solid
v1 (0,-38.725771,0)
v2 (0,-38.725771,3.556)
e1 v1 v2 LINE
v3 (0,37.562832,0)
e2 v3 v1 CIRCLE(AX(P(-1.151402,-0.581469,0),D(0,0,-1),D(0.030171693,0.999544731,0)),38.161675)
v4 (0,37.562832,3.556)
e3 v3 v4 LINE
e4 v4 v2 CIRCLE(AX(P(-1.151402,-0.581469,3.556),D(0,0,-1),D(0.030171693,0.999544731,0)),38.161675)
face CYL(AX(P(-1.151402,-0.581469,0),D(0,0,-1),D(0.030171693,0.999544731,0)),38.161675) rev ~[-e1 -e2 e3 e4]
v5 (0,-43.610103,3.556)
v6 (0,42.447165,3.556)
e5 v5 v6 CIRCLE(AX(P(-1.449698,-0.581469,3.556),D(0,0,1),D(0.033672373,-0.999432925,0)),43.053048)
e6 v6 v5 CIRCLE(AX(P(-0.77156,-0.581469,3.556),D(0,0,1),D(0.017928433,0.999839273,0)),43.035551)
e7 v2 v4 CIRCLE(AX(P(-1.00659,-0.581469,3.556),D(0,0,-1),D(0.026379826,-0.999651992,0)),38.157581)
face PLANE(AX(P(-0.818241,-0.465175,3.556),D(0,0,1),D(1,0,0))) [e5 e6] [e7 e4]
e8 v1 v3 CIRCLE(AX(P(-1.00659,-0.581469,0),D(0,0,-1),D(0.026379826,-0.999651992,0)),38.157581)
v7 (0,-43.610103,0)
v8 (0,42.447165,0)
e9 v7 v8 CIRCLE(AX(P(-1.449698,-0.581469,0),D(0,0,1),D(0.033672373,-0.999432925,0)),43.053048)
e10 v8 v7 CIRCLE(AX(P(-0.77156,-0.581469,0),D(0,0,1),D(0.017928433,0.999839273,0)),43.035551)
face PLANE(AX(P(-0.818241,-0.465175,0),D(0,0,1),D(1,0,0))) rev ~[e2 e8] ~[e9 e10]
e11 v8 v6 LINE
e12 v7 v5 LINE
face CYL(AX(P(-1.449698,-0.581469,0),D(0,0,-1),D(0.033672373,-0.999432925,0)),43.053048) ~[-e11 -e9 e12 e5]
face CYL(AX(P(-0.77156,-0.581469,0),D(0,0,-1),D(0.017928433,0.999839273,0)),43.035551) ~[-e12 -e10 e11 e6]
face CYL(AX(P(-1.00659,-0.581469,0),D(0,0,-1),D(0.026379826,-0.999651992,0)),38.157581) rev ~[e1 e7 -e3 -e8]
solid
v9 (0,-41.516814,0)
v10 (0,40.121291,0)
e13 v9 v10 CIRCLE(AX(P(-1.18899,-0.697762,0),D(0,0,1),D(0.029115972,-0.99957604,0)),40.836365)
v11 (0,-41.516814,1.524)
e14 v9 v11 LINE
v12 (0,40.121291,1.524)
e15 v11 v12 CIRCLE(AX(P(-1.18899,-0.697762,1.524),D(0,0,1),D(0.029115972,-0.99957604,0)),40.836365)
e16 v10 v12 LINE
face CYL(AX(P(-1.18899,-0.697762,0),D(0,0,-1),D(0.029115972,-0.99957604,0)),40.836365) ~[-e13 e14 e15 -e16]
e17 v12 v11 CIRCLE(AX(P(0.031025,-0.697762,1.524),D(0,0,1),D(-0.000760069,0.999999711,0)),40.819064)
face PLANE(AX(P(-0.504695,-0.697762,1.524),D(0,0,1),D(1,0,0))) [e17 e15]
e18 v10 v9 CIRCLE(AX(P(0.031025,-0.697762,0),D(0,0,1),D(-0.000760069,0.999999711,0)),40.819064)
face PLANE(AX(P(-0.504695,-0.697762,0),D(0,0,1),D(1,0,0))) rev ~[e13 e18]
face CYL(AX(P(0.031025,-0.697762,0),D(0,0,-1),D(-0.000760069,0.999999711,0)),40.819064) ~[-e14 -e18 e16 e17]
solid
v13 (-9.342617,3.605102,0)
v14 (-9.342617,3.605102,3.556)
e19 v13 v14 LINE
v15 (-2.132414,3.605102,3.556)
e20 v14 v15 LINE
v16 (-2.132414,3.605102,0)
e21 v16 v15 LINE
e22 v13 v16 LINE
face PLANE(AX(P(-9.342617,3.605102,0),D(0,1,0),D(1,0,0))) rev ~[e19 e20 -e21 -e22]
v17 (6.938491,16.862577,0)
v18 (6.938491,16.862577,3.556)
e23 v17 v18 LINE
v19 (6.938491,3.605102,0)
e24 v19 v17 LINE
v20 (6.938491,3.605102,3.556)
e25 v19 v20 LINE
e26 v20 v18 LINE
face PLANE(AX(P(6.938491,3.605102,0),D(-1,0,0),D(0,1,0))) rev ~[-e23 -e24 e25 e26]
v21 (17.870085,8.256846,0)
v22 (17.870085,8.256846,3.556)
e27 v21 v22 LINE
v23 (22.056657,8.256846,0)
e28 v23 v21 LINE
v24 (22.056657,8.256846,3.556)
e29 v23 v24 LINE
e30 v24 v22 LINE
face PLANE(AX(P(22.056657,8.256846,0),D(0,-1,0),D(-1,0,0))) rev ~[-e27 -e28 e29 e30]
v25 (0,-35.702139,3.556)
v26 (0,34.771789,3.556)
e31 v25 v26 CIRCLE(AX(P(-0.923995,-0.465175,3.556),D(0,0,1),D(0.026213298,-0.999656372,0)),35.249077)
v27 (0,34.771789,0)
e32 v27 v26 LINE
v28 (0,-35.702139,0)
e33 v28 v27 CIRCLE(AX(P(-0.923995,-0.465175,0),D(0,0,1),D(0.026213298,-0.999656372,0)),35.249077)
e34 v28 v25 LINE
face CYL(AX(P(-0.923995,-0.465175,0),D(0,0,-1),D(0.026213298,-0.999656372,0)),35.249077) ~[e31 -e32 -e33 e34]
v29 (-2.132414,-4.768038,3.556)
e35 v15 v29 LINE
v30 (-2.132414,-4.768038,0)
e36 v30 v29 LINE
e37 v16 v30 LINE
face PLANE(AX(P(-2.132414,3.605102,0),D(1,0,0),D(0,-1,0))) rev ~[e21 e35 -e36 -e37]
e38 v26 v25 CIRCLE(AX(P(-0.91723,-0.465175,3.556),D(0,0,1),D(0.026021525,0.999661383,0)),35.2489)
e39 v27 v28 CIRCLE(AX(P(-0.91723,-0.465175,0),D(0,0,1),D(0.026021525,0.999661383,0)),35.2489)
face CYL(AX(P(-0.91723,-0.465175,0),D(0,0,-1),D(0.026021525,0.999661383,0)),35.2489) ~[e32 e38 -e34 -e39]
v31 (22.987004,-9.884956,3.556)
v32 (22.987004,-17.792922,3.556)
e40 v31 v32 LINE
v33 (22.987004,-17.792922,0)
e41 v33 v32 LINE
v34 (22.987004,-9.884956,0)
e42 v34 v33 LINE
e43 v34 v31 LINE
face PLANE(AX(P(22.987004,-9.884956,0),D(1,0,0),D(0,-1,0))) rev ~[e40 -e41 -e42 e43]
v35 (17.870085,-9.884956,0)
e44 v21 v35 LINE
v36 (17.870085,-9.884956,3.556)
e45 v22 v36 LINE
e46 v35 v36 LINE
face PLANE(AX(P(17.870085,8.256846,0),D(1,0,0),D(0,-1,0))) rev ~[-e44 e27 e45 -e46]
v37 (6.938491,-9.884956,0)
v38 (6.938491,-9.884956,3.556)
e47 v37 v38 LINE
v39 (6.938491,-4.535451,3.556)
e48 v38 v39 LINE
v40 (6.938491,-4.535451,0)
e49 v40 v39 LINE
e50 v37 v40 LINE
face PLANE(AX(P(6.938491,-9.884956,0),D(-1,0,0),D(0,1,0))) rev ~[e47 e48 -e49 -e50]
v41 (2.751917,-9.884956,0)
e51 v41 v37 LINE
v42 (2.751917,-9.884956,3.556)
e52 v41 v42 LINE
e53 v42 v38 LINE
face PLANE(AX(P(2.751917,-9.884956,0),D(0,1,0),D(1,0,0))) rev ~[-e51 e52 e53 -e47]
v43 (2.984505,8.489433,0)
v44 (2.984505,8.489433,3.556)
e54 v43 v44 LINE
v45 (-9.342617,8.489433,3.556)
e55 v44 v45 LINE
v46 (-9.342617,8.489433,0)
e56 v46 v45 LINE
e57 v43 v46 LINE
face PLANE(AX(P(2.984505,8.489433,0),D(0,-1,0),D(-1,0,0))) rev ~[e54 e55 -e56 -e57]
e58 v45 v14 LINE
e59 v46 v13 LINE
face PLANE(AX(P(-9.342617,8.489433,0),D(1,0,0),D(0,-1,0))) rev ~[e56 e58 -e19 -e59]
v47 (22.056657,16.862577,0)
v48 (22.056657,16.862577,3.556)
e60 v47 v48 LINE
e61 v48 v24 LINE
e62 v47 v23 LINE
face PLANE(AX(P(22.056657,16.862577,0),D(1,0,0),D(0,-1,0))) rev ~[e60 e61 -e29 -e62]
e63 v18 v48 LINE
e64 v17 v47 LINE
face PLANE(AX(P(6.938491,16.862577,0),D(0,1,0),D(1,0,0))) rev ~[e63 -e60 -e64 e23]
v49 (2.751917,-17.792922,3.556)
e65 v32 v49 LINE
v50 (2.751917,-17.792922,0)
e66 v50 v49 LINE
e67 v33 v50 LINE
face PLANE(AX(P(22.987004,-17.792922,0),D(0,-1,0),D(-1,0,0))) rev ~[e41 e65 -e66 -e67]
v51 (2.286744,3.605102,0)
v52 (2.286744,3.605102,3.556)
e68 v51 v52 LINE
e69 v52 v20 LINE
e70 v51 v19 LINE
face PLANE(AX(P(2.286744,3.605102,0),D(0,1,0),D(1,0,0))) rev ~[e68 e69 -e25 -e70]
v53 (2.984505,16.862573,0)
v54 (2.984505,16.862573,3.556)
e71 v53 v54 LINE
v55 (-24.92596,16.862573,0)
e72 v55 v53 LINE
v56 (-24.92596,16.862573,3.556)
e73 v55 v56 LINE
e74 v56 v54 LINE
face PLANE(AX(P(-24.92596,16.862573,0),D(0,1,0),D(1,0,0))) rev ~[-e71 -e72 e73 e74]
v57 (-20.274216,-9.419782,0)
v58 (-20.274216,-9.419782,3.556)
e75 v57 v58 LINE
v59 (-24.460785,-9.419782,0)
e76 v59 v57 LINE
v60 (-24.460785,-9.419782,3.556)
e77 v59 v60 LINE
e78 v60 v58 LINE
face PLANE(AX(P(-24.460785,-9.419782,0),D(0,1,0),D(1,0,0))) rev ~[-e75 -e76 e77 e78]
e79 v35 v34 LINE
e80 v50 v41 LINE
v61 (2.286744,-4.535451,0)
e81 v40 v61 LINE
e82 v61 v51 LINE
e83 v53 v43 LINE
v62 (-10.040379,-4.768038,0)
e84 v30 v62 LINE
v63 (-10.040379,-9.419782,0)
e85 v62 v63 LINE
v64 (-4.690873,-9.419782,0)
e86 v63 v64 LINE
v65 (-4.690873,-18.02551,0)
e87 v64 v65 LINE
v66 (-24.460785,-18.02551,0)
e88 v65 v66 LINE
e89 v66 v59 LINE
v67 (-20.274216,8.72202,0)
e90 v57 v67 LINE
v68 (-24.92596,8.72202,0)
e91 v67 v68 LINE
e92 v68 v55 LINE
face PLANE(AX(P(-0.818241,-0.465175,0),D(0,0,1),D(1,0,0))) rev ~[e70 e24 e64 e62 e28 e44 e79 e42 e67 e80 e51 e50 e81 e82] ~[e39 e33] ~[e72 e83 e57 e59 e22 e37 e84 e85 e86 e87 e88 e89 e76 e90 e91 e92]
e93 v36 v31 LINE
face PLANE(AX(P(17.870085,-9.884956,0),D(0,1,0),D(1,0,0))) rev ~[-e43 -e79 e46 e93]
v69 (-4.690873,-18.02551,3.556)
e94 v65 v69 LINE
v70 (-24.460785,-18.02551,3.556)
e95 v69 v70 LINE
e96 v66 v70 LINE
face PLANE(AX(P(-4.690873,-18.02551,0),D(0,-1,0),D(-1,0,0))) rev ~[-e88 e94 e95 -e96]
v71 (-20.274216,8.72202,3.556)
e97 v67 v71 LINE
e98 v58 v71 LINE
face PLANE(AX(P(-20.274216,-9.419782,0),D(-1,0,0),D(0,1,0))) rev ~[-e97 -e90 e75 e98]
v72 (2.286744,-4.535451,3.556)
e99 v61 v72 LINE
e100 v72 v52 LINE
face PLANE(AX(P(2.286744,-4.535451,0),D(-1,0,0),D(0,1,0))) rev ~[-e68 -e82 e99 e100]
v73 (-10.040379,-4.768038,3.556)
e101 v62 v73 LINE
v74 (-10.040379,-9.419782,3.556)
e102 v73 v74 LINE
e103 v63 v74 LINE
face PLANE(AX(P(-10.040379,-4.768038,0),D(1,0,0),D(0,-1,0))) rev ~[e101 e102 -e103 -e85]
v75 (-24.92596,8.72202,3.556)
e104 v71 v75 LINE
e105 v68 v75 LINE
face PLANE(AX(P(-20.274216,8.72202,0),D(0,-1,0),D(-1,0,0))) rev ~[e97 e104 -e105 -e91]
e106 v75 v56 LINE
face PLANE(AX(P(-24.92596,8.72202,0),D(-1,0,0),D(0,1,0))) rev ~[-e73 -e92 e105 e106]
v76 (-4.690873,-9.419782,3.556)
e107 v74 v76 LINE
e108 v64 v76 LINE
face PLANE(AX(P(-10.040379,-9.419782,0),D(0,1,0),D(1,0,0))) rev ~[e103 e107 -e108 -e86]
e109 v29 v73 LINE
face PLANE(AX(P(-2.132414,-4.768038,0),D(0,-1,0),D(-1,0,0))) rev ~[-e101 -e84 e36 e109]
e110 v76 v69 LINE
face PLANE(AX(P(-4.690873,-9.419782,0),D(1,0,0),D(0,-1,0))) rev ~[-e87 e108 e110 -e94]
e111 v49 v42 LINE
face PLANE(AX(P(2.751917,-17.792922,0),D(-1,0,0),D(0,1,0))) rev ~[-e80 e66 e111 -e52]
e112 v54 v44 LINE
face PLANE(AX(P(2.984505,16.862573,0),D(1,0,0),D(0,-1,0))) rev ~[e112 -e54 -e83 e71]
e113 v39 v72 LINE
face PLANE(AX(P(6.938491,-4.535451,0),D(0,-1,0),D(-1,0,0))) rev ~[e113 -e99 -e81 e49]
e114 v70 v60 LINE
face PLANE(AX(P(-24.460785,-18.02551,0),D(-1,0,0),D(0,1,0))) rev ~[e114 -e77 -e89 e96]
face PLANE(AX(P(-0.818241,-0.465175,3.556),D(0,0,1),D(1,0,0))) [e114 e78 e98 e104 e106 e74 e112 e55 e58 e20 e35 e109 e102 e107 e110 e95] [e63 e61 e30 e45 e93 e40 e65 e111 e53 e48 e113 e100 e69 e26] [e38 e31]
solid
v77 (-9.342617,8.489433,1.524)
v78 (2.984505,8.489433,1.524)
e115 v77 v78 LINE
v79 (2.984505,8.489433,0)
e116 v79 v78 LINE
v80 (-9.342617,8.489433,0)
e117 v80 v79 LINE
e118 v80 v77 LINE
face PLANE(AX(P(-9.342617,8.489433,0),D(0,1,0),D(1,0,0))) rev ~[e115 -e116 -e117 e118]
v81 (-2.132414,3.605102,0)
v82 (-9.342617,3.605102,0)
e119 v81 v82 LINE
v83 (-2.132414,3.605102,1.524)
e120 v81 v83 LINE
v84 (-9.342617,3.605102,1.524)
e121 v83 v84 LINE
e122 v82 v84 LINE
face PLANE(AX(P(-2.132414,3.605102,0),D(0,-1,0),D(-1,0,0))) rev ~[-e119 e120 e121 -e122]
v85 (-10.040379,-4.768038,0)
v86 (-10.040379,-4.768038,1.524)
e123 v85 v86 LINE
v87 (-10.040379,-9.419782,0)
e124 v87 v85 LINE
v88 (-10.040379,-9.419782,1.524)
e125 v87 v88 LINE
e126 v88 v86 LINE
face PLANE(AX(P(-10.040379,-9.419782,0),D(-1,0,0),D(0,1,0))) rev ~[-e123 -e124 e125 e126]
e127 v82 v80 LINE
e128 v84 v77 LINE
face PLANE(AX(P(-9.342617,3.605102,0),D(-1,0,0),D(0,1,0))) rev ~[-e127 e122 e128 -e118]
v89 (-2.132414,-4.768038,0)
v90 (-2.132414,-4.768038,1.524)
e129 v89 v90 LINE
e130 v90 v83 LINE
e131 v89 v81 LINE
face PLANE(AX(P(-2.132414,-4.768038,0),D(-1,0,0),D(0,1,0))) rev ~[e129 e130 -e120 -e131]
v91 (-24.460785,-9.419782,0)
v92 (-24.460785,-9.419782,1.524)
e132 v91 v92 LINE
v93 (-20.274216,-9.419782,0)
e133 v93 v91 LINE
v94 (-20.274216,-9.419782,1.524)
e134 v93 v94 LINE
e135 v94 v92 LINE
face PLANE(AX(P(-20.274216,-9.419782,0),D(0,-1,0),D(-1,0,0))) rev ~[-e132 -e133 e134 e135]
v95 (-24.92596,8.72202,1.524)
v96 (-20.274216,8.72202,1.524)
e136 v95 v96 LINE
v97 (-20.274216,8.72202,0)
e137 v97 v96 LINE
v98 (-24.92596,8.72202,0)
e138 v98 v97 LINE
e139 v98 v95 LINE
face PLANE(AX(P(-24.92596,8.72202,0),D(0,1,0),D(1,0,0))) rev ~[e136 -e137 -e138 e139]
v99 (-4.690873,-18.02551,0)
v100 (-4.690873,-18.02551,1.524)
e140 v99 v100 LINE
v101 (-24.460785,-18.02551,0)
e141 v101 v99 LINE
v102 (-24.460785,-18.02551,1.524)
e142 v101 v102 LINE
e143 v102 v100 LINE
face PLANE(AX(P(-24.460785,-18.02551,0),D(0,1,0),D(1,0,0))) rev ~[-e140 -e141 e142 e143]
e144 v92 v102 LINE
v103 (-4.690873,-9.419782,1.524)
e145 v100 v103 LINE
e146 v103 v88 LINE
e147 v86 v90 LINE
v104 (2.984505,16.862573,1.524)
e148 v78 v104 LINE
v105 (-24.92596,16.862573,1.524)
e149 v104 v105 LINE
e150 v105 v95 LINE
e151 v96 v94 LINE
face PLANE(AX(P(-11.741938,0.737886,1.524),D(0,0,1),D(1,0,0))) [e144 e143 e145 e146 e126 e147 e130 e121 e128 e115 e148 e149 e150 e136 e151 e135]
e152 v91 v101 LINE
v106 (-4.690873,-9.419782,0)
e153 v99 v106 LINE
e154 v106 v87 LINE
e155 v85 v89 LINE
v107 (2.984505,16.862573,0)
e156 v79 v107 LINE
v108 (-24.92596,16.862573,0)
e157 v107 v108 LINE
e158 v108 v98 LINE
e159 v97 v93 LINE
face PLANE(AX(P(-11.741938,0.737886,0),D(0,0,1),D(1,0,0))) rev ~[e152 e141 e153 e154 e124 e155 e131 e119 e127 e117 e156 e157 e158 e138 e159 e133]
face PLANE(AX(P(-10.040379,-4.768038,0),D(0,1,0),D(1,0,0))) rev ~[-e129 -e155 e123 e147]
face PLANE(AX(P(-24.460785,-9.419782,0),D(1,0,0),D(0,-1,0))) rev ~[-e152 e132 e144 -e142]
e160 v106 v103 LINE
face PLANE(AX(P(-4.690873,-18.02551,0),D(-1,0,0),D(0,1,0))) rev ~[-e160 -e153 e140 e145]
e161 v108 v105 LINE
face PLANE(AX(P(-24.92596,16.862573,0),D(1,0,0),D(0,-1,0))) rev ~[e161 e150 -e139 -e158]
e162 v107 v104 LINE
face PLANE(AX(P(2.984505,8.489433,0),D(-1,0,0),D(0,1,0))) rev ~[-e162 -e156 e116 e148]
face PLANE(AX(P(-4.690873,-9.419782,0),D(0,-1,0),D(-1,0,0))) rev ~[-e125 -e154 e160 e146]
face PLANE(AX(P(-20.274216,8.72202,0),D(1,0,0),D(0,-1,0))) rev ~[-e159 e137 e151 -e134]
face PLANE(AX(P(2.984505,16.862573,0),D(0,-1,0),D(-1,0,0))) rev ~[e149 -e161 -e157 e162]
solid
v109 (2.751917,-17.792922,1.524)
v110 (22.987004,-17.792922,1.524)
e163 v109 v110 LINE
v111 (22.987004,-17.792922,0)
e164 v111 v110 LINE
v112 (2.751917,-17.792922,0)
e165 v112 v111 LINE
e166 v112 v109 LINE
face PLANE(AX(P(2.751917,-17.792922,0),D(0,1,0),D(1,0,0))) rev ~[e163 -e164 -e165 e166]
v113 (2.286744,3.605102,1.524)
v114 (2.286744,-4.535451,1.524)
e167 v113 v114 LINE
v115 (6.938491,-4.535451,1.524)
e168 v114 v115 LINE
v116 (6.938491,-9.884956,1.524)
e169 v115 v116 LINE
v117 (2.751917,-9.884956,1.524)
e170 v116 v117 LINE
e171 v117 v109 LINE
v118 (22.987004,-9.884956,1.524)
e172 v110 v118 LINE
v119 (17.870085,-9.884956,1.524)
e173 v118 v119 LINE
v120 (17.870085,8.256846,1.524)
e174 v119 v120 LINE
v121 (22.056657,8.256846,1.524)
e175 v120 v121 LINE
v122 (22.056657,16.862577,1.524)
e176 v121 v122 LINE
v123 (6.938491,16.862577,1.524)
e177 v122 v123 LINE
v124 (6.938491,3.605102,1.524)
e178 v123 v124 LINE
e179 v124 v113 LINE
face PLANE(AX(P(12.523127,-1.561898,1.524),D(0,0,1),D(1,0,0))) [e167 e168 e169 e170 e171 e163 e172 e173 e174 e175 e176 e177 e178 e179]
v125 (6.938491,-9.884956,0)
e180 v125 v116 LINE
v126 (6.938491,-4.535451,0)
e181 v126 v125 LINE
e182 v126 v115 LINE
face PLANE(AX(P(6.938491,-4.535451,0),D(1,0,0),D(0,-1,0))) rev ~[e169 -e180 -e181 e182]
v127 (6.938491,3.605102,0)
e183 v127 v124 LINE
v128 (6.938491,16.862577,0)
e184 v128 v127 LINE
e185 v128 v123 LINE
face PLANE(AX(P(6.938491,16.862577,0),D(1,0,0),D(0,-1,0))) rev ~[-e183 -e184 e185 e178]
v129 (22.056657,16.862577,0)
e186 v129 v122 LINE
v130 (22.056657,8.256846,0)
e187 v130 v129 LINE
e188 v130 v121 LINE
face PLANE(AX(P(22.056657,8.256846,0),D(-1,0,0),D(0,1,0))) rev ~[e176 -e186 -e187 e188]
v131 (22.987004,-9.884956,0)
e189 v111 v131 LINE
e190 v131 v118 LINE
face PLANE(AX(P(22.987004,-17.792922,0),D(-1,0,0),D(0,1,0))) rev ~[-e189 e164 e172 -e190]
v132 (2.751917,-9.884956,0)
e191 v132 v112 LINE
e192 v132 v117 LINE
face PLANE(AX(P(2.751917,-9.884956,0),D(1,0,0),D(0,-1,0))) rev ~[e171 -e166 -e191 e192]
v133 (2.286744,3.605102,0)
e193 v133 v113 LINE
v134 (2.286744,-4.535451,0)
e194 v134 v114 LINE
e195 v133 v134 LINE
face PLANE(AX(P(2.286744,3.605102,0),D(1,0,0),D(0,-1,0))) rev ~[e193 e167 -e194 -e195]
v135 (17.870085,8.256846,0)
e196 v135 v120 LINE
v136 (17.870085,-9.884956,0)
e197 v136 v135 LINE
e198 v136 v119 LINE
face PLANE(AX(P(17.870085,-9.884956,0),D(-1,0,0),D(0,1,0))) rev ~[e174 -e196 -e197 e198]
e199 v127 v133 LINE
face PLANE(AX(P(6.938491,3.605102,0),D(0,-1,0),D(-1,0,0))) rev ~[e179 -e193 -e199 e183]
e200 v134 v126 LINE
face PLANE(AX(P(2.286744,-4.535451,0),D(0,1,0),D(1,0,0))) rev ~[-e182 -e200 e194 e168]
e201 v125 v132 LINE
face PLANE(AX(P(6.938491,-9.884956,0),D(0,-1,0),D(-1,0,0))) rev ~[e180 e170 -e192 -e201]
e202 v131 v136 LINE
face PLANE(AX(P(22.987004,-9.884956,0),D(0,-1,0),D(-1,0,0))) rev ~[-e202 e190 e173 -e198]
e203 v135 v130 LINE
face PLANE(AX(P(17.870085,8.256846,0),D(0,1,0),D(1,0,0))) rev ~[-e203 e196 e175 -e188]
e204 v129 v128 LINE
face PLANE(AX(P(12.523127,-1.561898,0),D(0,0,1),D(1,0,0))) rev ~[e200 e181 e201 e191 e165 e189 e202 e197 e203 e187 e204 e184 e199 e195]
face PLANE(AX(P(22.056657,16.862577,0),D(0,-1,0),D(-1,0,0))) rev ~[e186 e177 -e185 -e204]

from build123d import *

# Parameters (mm, degrees)
F1_DEPTH = 3.556
F2_DEPTH = 3.556
F3_DEPTH = 1.524
F5_DEPTH = 1.524


with BuildPart() as f1:
    # F0 (on Top) → F1 (new body)
    with BuildSketch(Plane.XY):
        with BuildLine():
            ThreePointArc((0, -35.702139), (34.325082, -0.465175), (0, 34.771789))
            ThreePointArc((0, 34.771789), (-36.16613, -0.465175), (0, -35.702139))
        make_face()
        Polygon((-24.92596, 8.72202), (-24.92596, 16.862573), (2.984505, 16.862573), (2.984505, 8.489433), (-9.342617, 8.489433), (-9.342617, 3.605102), (-2.132414, 3.605102), (-2.132414, -4.768038), (-10.040379, -4.768038), (-10.040379, -9.419782), (-4.690873, -9.419782), (-4.690873, -18.02551), (-24.460785, -18.02551), (-24.460785, -9.419782), (-20.274216, -9.419782), (-20.274216, 8.72202), align=None, mode=Mode.SUBTRACT)
        Polygon((6.938491, 3.605102), (6.938491, 16.862577), (22.056657, 16.862577), (22.056657, 8.256846), (17.870085, 8.256846), (17.870085, -9.884956), (22.987004, -9.884956), (22.987004, -17.792922), (2.751917, -17.792922), (2.751917, -9.884956), (6.938491, -9.884956), (6.938491, -4.535451), (2.286744, -4.535451), (2.286744, 3.605102), align=None, mode=Mode.SUBTRACT)
        with BuildLine():
            ThreePointArc((0, -43.610103), (41.60335, -0.581469), (0, 42.447165))
            ThreePointArc((0, 42.447165), (-43.807111, -0.581469), (0, -43.610103))
        make_face()
        with BuildLine():
            ThreePointArc((0, -38.725771), (-39.164171, -0.581469), (0, 37.562832))
            ThreePointArc((0, 37.562832), (37.010273, -0.581469), (0, -38.725771))
        make_face(mode=Mode.SUBTRACT)
    extrude(amount=F1_DEPTH)


with BuildPart() as f2:
    # F0 (on Top) → F2 (new body)
    with BuildSketch(Plane.XY):
        with BuildLine():
            ThreePointArc((0, -35.702139), (34.325082, -0.465175), (0, 34.771789))
            ThreePointArc((0, 34.771789), (-36.16613, -0.465175), (0, -35.702139))
        make_face()
        Polygon((-24.92596, 8.72202), (-24.92596, 16.862573), (2.984505, 16.862573), (2.984505, 8.489433), (-9.342617, 8.489433), (-9.342617, 3.605102), (-2.132414, 3.605102), (-2.132414, -4.768038), (-10.040379, -4.768038), (-10.040379, -9.419782), (-4.690873, -9.419782), (-4.690873, -18.02551), (-24.460785, -18.02551), (-24.460785, -9.419782), (-20.274216, -9.419782), (-20.274216, 8.72202), align=None, mode=Mode.SUBTRACT)
        Polygon((6.938491, 3.605102), (6.938491, 16.862577), (22.056657, 16.862577), (22.056657, 8.256846), (17.870085, 8.256846), (17.870085, -9.884956), (22.987004, -9.884956), (22.987004, -17.792922), (2.751917, -17.792922), (2.751917, -9.884956), (6.938491, -9.884956), (6.938491, -4.535451), (2.286744, -4.535451), (2.286744, 3.605102), align=None, mode=Mode.SUBTRACT)
    extrude(amount=F2_DEPTH)


with BuildPart() as f3:
    # F0 (on Top) → F3 (new body)
    with BuildSketch(Plane.XY):
        Polygon((2.984505, 16.862573), (-24.92596, 16.862573), (-24.92596, 8.72202), (-20.274216, 8.72202), (-20.274216, -9.419782), (-24.460785, -9.419782), (-24.460785, -18.02551), (-4.690873, -18.02551), (-4.690873, -9.419782), (-10.040379, -9.419782), (-10.040379, -4.768038), (-2.132414, -4.768038), (-2.132414, 3.605102), (-9.342617, 3.605102), (-9.342617, 8.489433), (2.984505, 8.489433), align=None)
        Polygon((22.056657, 16.862577), (6.938491, 16.862577), (6.938491, 3.605102), (2.286744, 3.605102), (2.286744, -4.535451), (6.938491, -4.535451), (6.938491, -9.884956), (2.751917, -9.884956), (2.751917, -17.792922), (22.987004, -17.792922), (22.987004, -9.884956), (17.870085, -9.884956), (17.870085, 8.256846), (22.056657, 8.256846), align=None)
    extrude(amount=F3_DEPTH)


with BuildPart() as f5:
    # F4 (on Top) → F5 (new body)
    with BuildSketch(Plane.XY):
        with BuildLine():
            ThreePointArc((0, -41.516814), (39.647375, -0.697762), (0, 40.121291))
            ThreePointArc((0, 40.121291), (-40.788039, -0.697762), (0, -41.516814))
        make_face()
    extrude(amount=F5_DEPTH)


solid = Compound([f1.part, f2.part, f3.part, f5.part])
